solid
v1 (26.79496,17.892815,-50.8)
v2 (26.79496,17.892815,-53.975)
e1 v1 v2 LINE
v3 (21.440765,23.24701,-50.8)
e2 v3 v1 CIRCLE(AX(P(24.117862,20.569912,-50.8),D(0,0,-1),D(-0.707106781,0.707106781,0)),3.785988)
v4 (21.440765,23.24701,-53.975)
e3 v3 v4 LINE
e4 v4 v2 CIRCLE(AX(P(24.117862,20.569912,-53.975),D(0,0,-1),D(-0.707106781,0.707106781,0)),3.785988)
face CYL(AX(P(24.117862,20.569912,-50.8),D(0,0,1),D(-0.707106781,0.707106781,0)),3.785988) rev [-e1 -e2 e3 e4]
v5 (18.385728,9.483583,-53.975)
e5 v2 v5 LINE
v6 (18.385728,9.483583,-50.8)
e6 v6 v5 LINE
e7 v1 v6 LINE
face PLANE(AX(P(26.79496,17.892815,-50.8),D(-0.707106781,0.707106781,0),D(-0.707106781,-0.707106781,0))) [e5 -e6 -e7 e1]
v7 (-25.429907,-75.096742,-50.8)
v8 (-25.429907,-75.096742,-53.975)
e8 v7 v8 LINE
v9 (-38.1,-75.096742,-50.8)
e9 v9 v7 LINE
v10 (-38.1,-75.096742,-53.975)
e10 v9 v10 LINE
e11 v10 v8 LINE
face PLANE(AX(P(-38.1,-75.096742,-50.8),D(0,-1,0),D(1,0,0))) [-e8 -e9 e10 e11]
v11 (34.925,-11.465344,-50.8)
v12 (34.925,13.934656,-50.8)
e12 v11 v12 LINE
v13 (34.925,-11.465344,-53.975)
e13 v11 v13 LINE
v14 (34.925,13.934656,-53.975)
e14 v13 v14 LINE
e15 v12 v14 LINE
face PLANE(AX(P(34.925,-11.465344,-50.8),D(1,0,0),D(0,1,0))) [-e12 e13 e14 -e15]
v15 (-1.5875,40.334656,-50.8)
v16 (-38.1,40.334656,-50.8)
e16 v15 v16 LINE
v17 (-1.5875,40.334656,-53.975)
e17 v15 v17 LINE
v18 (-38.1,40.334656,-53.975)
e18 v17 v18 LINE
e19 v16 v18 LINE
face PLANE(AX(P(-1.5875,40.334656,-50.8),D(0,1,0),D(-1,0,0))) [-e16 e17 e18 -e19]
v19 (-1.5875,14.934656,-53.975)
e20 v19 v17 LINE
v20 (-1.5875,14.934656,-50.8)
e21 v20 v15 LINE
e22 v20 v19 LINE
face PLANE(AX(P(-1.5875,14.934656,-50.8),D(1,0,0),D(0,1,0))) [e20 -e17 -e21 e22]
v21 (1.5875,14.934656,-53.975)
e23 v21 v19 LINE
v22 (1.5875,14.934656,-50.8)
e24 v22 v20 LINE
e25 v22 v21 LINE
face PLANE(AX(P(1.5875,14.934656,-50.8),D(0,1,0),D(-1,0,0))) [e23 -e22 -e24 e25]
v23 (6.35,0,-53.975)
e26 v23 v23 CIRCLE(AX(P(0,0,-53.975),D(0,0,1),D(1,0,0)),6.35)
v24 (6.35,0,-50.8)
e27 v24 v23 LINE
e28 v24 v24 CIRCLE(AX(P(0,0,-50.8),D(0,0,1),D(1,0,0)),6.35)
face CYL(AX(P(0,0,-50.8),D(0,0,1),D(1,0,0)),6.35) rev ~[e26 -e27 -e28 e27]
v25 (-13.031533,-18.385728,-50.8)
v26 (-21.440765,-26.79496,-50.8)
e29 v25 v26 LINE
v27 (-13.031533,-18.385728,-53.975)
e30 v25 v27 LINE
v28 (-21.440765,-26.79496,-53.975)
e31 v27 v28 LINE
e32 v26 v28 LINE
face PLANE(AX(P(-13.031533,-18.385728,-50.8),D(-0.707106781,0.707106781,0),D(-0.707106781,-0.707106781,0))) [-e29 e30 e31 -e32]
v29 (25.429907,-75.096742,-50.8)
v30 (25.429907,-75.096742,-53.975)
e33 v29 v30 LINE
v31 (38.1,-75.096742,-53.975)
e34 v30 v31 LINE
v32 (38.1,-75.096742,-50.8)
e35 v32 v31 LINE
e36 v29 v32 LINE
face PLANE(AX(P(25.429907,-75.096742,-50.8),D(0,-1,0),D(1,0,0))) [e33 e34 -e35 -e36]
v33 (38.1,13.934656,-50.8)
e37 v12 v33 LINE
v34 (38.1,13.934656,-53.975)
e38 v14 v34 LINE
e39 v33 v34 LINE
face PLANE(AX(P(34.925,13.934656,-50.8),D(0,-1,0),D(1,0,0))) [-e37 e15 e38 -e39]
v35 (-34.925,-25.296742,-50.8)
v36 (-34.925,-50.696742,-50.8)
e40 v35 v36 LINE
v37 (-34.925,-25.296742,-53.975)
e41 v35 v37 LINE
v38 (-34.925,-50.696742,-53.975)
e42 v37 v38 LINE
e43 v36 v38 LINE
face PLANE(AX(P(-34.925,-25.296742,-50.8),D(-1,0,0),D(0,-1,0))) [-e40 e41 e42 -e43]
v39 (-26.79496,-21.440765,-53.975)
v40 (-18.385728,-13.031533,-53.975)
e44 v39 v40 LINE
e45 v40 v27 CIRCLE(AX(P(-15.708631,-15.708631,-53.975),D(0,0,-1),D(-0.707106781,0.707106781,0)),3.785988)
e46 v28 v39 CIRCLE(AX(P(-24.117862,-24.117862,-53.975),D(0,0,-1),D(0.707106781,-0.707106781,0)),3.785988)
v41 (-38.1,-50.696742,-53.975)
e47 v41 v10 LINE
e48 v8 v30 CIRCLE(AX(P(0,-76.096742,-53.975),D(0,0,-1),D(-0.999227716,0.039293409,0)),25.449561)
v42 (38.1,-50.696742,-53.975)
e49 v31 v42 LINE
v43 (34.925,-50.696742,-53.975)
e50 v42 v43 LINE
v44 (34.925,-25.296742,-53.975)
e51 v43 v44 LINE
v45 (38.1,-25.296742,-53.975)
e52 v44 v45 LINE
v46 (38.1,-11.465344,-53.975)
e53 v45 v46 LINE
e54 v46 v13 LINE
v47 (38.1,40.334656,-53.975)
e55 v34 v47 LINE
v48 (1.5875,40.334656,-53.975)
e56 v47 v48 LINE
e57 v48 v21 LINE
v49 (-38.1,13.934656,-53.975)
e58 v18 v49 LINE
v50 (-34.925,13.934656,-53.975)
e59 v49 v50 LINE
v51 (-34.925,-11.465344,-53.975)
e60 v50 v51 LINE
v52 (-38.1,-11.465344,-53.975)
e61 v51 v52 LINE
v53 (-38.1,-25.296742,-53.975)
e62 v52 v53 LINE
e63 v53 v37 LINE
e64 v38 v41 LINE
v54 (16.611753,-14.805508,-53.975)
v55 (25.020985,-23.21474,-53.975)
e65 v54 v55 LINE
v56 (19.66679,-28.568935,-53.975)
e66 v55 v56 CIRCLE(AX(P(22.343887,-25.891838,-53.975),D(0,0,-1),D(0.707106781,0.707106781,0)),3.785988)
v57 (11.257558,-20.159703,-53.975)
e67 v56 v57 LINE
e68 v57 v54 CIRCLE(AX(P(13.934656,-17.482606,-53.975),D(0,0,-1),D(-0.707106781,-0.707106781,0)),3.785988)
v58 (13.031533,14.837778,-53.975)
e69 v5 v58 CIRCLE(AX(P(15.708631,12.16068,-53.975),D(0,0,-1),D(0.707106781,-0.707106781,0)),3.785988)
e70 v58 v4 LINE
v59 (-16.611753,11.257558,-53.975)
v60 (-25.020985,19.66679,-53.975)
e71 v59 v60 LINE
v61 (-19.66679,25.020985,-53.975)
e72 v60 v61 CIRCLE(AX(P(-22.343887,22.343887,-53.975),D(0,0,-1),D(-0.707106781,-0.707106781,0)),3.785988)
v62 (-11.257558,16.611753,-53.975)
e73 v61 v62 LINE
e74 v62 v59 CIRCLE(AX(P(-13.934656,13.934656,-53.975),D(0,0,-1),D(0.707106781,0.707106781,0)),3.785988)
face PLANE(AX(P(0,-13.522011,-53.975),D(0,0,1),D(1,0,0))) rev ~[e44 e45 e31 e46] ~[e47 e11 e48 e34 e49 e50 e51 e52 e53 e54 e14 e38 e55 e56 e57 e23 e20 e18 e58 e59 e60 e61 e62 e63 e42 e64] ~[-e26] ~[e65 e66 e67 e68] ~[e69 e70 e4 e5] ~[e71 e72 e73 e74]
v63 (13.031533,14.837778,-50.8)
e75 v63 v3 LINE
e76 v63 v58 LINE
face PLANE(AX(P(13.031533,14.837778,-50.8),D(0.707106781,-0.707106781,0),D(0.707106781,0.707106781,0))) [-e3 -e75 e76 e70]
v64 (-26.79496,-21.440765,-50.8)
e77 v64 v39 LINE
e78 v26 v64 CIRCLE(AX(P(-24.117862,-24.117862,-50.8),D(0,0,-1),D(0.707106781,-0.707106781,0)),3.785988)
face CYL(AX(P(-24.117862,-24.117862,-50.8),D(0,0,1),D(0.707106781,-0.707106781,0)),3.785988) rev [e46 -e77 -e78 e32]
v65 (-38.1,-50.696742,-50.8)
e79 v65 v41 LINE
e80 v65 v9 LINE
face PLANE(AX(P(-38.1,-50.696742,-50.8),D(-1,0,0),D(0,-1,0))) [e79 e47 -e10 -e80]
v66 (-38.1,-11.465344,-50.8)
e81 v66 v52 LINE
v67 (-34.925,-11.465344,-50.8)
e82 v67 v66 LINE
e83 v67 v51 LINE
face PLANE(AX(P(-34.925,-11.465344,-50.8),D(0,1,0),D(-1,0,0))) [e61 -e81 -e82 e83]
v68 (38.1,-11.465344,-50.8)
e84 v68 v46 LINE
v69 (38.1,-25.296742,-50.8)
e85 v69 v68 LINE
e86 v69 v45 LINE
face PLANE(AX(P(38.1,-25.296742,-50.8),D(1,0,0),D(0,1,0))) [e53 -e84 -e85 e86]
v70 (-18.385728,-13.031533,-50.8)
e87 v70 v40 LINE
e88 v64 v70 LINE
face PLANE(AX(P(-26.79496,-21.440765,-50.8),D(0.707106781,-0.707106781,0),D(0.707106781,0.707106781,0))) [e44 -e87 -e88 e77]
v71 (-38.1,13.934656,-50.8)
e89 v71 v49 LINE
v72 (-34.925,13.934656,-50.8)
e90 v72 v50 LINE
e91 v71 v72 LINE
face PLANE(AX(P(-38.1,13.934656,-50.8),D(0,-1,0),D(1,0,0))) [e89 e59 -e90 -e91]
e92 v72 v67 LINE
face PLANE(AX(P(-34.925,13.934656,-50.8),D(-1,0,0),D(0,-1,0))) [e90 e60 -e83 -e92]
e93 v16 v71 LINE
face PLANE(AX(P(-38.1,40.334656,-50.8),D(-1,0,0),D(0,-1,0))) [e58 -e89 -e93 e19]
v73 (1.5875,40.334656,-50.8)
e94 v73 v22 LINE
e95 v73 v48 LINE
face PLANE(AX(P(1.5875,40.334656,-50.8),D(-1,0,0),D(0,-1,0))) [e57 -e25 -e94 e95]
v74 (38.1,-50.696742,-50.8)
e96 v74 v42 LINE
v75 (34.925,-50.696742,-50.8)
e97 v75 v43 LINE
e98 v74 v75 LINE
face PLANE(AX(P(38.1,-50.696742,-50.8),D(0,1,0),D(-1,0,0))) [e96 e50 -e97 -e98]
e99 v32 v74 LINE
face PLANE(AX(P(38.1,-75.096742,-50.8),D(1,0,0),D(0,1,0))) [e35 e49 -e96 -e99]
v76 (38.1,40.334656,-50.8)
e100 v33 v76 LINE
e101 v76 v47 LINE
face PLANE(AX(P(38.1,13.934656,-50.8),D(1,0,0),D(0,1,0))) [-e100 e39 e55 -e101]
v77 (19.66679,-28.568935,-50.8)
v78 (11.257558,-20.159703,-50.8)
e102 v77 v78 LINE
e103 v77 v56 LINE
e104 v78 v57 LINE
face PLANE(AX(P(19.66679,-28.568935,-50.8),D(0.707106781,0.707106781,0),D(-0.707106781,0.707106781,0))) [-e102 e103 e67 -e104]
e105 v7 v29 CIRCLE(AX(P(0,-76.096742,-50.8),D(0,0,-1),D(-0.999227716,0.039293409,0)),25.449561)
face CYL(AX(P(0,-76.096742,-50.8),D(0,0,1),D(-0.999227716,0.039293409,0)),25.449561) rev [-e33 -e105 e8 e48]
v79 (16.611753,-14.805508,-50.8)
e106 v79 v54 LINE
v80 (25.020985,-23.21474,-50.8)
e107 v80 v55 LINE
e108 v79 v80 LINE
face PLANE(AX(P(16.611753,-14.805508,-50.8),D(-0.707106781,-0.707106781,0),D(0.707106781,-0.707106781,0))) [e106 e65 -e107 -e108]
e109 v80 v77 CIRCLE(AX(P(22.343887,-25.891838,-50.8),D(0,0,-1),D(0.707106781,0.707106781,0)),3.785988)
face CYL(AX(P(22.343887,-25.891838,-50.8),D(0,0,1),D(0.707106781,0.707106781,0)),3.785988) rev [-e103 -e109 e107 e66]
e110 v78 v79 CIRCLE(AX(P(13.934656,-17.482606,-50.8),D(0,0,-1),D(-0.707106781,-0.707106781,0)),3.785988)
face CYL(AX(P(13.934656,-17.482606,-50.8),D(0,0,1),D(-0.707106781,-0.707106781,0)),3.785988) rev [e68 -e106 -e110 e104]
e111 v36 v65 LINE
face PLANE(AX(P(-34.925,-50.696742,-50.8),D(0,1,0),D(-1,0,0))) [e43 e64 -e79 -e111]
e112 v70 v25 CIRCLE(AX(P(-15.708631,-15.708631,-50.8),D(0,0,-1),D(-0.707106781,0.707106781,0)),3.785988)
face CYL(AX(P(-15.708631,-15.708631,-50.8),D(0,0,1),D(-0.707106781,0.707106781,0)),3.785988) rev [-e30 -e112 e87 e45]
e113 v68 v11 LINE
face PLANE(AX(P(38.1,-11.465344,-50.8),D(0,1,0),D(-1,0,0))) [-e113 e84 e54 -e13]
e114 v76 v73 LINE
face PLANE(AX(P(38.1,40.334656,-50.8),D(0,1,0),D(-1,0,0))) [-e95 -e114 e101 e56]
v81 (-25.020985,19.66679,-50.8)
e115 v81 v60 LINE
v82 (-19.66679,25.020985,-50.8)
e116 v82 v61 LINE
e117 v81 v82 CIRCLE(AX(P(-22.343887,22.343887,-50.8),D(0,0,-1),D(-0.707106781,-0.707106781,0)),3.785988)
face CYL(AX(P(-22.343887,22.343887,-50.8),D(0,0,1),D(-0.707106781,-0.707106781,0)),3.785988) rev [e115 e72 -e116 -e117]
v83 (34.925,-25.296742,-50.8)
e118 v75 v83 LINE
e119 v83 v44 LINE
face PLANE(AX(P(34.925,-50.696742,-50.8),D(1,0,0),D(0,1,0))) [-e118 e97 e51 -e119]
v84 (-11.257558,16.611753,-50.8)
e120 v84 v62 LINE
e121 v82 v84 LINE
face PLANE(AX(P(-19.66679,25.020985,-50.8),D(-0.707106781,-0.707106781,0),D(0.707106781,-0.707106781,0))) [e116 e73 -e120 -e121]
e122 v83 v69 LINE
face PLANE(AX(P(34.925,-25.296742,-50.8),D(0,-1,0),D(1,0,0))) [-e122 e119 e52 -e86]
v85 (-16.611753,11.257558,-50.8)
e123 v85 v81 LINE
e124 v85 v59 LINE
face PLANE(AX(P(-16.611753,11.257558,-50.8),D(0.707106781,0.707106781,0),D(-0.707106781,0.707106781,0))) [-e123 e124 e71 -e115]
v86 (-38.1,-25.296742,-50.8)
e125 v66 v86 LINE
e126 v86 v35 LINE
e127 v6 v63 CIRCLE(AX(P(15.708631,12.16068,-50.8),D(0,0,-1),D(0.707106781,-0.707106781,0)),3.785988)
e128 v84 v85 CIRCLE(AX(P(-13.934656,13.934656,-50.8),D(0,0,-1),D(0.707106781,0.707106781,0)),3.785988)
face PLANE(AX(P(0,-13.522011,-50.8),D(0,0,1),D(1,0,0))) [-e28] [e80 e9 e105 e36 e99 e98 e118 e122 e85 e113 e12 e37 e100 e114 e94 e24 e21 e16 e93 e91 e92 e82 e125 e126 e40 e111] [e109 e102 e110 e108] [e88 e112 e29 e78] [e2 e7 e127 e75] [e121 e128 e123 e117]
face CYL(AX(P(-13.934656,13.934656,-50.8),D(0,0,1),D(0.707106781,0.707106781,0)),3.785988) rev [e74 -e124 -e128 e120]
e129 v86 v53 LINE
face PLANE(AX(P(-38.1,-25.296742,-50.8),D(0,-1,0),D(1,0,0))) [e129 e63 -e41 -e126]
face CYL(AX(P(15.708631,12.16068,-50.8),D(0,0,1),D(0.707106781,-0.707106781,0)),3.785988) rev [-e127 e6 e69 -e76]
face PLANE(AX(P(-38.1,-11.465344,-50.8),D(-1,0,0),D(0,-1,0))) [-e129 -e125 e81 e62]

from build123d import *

# Parameters (mm, degrees)
SKETCH9_R           = 6.35
BOSS_EXTRUDE3_DEPTH = 3.175


with BuildPart() as part:
    # Sketch9 → Boss-Extrude3 (new body)
    with BuildSketch(Plane.XY.offset(-50.8)):
        with BuildLine():
            Line((1.5875, 14.934655528), (-1.5875, 14.934655528))
            Line((-1.5875, 14.934655528), (-1.5875, 40.334655528))
            Line((-1.5875, 40.334655528), (-38.1, 40.334655528))
            Line((-38.1, 40.334655528), (-38.1, 13.934655528))
            Line((-38.1, 13.934655528), (-34.925, 13.934655528))
            Line((-34.925, 13.934655528), (-34.925, -11.465344472))
            Line((-34.925, -11.465344472), (-38.1, -11.465344472))
            Line((-38.1, -11.465344472), (-38.1, -25.296741856))
            Line((-38.1, -25.296741856), (-34.925, -25.296741856))
            Line((-34.925, -25.296741856), (-34.925, -50.696741856))
            Line((-34.925, -50.696741856), (-38.1, -50.696741856))
            Line((-38.1, -50.696741856), (-38.1, -75.096741856))
            Line((-38.1, -75.096741856), (-25.429906729, -75.096741856))
            ThreePointArc((-25.429906729, -75.096741856), (0, -50.647180833), (25.429906729, -75.096741856))
            Line((25.429906729, -75.096741856), (38.1, -75.096741856))
            Line((38.1, -75.096741856), (38.1, -50.696741856))
            Line((38.1, -50.696741856), (34.925, -50.696741856))
            Line((34.925, -50.696741856), (34.925, -25.296741856))
            Line((34.925, -25.296741856), (38.1, -25.296741856))
            Line((38.1, -25.296741856), (38.1, -11.465344472))
            Line((38.1, -11.465344472), (34.925, -11.465344472))
            Line((34.925, -11.465344472), (34.925, 13.934655528))
            Line((34.925, 13.934655528), (38.1, 13.934655528))
            Line((38.1, 13.934655528), (38.1, 40.334655528))
            Line((38.1, 40.334655528), (1.5875, 40.334655528))
            Line((1.5875, 40.334655528), (1.5875, 14.934655528))
        make_face()
        with BuildLine():
            ThreePointArc((-21.440764859, -26.794960108), (-26.794960108, -26.794960108), (-26.794960108, -21.440764859))
            Line((-26.794960108, -21.440764859), (-18.385728243, -13.031532993))
            ThreePointArc((-18.385728243, -13.031532993), (-13.031532993, -13.031532993), (-13.031532993, -18.385728243))
            Line((-13.031532993, -18.385728243), (-21.440764859, -26.794960108))
        make_face(mode=Mode.SUBTRACT)
        with BuildLine():
            ThreePointArc((25.020985018, -23.214739949), (25.020985018, -28.568935198), (19.666789768, -28.568935198))
            Line((19.666789768, -28.568935198), (11.257557903, -20.159703333))
            ThreePointArc((11.257557903, -20.159703333), (11.257557903, -14.805508084), (16.611753152, -14.805508084))
            Line((16.611753152, -14.805508084), (25.020985018, -23.214739949))
        make_face(mode=Mode.SUBTRACT)
        with BuildLine():
            ThreePointArc((-25.020985018, 19.666789768), (-25.020985018, 25.020985018), (-19.666789768, 25.020985018))
            Line((-19.666789768, 25.020985018), (-11.257557903, 16.611753152))
            ThreePointArc((-11.257557903, 16.611753152), (-11.257557903, 11.257557903), (-16.611753152, 11.257557903))
            Line((-16.611753152, 11.257557903), (-25.020985018, 19.666789768))
        make_face(mode=Mode.SUBTRACT)
        Circle(SKETCH9_R, mode=Mode.SUBTRACT)
        with BuildLine():
            ThreePointArc((21.440764859, 23.247009927), (26.794960108, 23.247009927), (26.794960108, 17.892814678))
            Line((26.794960108, 17.892814678), (18.385728243, 9.483582813))
            ThreePointArc((18.385728243, 9.483582813), (13.031532993, 9.483582813), (13.031532993, 14.837778062))
            Line((13.031532993, 14.837778062), (21.440764859, 23.247009927))
        make_face(mode=Mode.SUBTRACT)
    extrude(amount=-BOSS_EXTRUDE3_DEPTH)


solid = part.part
